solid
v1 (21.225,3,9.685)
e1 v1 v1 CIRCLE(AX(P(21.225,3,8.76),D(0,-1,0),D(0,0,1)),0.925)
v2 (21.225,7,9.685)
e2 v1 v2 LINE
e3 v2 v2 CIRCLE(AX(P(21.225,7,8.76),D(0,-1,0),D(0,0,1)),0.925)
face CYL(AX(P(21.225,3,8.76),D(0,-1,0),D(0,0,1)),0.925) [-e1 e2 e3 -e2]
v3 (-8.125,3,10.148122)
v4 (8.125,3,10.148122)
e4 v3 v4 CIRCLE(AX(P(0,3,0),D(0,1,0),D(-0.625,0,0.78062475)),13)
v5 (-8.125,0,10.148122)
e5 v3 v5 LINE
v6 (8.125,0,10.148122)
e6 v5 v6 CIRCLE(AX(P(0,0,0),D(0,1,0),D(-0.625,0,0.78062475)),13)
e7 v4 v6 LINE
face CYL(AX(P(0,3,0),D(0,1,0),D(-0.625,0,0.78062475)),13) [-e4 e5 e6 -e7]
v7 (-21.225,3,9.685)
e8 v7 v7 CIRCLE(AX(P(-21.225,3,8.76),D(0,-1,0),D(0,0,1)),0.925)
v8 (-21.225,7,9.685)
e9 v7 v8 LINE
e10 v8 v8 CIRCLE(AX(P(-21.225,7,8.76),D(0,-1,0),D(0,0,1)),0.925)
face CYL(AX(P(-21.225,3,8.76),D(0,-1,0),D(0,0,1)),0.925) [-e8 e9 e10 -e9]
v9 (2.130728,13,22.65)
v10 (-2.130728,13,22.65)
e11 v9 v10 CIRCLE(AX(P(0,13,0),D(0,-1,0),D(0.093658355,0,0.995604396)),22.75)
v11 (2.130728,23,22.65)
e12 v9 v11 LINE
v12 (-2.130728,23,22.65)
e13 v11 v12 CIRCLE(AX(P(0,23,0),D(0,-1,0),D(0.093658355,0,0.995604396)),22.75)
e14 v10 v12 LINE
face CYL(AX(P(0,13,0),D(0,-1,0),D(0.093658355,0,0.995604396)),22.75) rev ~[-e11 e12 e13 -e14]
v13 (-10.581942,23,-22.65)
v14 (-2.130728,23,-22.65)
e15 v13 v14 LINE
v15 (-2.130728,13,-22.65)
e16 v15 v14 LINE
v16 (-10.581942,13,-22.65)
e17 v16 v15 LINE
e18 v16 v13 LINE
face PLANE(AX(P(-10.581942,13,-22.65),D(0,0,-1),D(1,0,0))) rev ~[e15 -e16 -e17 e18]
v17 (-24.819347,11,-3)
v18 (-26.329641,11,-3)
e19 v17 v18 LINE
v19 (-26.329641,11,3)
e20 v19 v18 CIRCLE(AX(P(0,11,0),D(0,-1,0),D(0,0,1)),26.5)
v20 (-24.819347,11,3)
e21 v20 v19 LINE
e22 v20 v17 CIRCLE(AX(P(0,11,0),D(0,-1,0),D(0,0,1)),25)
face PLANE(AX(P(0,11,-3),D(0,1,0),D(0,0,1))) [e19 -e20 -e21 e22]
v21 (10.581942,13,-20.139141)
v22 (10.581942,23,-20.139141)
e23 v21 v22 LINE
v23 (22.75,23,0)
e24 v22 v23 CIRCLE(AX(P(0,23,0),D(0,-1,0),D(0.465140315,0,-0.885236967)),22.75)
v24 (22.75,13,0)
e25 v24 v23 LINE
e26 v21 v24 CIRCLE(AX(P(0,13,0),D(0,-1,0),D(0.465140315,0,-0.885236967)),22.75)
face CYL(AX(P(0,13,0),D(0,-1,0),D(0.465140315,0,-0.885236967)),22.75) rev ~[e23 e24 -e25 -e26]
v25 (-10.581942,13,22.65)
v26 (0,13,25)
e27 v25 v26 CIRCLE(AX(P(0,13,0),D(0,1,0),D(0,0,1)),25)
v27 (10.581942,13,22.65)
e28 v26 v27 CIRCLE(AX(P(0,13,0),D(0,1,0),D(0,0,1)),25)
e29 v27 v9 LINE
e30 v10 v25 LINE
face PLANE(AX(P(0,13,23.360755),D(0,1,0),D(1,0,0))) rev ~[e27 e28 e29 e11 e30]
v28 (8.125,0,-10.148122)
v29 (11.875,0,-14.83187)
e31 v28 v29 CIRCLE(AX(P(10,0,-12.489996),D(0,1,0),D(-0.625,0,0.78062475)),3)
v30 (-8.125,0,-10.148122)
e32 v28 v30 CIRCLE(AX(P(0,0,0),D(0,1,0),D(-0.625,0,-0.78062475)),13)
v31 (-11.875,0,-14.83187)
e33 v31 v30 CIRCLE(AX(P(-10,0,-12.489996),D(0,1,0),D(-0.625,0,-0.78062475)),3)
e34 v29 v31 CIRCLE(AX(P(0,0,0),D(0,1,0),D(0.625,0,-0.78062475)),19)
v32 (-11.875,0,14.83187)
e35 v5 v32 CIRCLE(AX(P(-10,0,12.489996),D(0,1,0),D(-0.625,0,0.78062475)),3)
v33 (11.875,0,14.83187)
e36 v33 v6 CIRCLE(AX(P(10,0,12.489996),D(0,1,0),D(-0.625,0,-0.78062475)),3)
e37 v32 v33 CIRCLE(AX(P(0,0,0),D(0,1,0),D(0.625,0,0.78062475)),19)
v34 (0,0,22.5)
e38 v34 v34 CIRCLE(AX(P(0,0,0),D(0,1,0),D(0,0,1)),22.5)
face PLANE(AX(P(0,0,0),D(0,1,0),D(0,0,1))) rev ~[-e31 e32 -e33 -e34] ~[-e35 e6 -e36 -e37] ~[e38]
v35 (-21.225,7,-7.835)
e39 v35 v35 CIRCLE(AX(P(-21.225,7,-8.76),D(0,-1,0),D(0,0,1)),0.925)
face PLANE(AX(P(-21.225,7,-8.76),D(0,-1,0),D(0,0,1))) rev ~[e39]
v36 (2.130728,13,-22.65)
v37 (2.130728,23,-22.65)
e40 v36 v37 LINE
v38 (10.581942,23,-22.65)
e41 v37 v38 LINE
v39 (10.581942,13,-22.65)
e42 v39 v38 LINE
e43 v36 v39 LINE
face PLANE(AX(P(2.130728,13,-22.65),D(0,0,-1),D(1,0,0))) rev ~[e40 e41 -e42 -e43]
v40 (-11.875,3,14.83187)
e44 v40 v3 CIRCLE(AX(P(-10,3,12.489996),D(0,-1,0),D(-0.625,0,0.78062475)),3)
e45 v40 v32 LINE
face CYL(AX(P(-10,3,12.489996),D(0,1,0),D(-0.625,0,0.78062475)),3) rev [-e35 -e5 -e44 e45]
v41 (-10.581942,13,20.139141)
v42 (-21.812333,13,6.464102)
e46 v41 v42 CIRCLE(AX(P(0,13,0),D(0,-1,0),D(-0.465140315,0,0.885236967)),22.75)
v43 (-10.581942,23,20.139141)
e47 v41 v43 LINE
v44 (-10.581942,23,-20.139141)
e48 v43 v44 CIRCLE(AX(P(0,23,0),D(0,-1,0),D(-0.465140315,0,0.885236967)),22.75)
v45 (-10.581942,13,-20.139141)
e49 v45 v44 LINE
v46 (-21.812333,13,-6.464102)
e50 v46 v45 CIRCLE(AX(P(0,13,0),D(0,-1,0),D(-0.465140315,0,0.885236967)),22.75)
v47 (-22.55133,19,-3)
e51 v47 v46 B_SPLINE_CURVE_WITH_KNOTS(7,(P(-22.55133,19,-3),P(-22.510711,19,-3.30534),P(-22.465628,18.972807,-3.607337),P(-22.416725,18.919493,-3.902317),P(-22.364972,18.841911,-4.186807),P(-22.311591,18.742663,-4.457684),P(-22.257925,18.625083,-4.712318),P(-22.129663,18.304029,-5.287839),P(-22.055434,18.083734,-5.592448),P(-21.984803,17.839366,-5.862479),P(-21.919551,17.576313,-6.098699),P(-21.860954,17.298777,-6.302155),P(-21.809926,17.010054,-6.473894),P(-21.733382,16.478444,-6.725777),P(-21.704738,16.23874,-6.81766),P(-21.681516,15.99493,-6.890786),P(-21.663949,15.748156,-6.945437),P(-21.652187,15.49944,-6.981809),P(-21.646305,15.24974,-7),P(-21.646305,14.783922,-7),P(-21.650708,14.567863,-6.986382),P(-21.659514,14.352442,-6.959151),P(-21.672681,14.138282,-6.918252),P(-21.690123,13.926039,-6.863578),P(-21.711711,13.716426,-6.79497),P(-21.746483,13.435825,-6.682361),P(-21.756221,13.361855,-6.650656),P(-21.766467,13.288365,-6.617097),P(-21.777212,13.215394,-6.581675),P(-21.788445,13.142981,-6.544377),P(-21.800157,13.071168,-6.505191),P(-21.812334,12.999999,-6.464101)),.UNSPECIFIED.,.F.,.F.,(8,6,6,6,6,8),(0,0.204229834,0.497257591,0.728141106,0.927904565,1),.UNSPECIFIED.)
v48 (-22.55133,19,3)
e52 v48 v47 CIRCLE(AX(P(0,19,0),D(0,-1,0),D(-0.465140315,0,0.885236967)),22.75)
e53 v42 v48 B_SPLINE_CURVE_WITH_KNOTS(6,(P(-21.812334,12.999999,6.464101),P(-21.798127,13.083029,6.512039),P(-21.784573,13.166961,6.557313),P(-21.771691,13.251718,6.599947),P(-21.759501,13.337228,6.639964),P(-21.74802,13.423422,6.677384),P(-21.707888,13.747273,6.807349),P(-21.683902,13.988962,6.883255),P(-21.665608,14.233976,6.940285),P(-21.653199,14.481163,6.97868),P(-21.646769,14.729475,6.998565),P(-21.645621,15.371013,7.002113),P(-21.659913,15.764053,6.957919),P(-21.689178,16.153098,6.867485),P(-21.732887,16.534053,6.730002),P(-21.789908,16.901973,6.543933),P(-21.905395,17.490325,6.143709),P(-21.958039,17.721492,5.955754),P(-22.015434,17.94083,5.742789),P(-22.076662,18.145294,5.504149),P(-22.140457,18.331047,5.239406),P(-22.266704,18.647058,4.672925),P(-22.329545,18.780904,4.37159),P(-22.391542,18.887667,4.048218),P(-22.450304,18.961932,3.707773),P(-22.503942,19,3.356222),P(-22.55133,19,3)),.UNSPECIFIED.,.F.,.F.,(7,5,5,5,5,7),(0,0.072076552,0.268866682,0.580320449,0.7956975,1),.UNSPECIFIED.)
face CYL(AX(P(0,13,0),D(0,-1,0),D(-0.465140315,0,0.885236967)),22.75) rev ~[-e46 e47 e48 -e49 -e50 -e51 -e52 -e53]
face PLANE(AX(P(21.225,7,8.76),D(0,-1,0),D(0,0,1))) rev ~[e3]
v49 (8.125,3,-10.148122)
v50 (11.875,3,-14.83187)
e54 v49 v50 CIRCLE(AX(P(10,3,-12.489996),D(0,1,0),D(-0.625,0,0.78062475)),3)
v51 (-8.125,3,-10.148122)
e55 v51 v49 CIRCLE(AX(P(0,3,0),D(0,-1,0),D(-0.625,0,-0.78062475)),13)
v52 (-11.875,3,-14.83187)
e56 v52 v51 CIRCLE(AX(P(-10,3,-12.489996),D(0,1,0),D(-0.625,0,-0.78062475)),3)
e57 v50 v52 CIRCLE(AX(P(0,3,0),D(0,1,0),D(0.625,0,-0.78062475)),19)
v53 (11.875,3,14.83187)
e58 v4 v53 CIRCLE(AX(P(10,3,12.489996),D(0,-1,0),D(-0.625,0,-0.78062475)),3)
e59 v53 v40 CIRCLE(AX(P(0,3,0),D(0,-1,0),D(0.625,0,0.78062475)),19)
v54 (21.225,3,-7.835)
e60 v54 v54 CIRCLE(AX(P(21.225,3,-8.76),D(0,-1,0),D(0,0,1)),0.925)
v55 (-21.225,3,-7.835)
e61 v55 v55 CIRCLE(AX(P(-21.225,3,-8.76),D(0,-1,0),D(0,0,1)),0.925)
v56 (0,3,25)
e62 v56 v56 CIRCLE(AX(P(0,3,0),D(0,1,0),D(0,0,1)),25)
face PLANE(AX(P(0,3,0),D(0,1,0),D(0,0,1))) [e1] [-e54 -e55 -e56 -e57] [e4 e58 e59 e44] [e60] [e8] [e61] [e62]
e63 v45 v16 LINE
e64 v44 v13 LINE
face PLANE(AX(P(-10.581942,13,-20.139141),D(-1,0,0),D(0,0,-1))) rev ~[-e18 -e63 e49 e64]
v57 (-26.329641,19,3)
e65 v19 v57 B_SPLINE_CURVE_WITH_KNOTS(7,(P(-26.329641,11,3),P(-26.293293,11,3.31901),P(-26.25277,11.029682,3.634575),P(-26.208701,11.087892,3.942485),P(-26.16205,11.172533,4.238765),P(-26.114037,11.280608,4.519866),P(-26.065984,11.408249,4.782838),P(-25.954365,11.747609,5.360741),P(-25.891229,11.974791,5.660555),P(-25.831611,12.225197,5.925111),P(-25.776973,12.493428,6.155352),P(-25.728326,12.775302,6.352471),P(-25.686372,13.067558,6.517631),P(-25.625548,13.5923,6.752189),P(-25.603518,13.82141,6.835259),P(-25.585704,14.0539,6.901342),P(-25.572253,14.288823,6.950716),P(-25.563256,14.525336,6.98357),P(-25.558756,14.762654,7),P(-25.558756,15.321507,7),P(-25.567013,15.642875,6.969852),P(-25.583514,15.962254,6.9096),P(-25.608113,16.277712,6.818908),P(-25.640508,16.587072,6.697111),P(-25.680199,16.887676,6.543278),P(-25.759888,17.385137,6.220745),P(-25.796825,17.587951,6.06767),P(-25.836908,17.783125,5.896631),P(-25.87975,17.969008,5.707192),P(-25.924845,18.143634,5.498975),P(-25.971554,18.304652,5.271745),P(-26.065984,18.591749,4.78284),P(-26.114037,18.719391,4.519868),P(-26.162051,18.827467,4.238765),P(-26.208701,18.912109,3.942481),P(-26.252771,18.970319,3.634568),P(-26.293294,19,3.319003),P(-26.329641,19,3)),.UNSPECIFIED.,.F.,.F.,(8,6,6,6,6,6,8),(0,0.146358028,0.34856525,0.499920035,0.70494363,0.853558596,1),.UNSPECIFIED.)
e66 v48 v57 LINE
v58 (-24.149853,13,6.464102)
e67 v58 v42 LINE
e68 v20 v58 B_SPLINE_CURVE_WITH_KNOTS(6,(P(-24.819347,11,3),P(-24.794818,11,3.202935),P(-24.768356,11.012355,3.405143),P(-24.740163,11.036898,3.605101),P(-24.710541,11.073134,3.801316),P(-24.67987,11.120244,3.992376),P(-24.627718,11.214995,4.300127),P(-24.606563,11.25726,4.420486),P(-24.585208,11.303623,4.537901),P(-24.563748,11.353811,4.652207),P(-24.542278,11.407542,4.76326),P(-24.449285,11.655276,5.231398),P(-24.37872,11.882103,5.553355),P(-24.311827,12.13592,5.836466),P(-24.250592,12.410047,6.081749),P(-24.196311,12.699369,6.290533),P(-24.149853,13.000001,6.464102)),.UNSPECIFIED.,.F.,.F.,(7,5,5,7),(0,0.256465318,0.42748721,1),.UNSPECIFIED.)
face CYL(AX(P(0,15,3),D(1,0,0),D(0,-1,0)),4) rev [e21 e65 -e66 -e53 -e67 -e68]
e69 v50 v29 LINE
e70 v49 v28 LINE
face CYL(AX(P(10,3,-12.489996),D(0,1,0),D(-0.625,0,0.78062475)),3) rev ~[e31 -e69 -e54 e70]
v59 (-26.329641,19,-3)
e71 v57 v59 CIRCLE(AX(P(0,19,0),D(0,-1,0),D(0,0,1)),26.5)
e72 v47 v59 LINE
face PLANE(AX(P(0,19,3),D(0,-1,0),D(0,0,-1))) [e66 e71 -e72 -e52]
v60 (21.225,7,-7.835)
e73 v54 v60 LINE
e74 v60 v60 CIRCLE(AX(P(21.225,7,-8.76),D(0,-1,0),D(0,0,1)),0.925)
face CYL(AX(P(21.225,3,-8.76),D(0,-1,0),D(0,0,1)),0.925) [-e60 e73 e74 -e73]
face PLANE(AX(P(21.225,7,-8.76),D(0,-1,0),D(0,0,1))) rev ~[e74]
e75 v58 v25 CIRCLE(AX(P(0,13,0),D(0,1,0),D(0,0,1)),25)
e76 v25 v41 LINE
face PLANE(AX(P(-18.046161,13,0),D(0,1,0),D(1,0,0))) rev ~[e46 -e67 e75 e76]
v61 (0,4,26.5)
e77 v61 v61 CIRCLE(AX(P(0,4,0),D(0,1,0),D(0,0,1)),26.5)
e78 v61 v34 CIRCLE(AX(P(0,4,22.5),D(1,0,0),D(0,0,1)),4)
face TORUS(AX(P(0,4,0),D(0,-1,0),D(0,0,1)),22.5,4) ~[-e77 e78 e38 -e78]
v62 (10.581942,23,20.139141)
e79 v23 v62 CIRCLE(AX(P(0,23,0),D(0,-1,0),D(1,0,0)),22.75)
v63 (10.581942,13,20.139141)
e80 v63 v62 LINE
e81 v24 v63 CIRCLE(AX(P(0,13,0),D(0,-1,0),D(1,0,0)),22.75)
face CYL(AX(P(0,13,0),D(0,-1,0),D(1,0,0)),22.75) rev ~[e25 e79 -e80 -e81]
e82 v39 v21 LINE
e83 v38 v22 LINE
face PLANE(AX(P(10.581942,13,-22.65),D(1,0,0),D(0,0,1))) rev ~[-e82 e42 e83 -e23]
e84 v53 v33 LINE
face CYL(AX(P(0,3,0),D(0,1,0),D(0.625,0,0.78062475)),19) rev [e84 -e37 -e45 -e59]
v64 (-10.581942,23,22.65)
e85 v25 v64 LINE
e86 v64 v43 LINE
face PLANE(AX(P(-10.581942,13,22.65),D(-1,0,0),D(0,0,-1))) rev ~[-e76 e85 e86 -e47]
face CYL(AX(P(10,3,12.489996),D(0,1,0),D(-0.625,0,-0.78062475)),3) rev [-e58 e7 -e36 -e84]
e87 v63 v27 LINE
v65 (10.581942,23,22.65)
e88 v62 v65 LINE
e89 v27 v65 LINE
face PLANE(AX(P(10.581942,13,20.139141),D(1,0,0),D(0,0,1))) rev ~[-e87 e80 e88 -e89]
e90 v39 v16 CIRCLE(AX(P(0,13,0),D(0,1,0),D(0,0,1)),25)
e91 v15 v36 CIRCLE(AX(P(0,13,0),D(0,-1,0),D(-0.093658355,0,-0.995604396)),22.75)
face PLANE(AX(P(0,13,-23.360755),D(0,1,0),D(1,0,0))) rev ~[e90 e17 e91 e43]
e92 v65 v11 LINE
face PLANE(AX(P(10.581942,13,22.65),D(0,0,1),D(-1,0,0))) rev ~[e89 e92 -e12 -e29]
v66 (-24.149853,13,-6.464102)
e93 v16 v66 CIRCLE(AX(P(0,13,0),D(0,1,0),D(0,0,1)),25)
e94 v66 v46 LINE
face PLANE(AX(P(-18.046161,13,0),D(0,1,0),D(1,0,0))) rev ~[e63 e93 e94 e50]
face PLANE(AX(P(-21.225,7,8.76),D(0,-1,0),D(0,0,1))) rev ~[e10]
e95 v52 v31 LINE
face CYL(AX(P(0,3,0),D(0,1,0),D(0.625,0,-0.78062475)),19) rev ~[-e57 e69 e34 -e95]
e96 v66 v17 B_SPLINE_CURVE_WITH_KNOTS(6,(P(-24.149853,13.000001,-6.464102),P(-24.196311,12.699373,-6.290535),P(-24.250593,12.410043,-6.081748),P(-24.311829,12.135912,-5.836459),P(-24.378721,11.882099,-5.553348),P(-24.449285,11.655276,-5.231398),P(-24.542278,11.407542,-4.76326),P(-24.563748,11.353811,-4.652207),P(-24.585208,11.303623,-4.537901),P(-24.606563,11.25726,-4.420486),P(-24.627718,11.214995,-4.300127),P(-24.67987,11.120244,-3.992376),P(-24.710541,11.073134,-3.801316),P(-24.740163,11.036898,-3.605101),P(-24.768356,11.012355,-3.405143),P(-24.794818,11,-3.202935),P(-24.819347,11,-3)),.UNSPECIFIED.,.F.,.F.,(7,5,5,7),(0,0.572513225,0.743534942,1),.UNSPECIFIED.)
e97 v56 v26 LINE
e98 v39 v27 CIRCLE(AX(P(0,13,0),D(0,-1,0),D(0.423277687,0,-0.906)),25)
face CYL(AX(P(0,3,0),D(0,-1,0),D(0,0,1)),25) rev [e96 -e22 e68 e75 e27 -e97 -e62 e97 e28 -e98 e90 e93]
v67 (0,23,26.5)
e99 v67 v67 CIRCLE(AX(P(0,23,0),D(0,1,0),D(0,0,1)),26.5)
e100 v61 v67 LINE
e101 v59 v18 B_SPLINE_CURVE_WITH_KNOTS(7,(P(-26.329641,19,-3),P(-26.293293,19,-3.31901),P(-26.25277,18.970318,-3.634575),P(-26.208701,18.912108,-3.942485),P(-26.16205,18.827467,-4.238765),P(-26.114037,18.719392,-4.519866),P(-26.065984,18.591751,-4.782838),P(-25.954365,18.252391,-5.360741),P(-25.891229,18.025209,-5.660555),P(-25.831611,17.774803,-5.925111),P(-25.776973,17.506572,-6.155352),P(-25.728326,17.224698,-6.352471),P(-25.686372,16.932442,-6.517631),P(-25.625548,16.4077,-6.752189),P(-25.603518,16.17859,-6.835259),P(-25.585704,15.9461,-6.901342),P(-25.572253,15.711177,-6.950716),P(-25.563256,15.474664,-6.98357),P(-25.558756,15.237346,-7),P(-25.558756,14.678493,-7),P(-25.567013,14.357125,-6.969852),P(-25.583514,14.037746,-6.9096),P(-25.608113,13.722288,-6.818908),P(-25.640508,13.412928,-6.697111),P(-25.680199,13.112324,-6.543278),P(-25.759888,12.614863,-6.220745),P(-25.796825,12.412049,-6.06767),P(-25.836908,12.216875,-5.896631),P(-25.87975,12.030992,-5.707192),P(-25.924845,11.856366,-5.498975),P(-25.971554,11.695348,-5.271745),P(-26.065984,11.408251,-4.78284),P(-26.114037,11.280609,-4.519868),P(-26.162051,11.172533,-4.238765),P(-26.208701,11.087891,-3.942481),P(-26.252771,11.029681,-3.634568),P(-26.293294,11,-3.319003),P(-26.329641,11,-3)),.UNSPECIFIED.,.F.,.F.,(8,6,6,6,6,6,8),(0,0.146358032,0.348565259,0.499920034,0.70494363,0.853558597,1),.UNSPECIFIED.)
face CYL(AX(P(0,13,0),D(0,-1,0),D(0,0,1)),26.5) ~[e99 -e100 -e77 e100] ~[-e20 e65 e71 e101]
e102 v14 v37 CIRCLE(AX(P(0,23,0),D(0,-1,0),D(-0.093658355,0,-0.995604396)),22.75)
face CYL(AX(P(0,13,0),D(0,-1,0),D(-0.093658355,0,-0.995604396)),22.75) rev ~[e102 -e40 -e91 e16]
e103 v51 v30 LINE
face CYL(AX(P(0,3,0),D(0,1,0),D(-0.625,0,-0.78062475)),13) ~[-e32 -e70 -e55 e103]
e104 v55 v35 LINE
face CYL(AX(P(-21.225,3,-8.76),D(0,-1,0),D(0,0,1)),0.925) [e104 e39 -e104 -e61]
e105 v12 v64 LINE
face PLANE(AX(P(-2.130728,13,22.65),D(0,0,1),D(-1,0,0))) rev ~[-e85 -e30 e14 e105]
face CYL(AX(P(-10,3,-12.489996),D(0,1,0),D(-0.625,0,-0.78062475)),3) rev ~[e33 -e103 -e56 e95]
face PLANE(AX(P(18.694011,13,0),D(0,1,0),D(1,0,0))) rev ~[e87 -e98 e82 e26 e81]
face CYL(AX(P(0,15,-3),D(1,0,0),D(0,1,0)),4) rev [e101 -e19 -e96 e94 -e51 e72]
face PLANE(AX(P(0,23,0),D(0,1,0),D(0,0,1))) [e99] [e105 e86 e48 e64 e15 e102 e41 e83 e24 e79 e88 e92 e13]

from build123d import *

# Parameters (mm, degrees)
SKETCH1_R           = 26.5
BOSS_EXTRUDE1_DEPTH = 3
BOSS_EXTRUDE2_START = 3
SKETCH1_3_R         = 26.5
SKETCH1_3_R_2       = 25
BOSS_EXTRUDE2_DEPTH = 10
CUT_EXTRUDE1_DEPTH  = 39.787884706
SKETCH3_R           = 26.5
SKETCH3_R_2         = 25
BOSS_EXTRUDE3_DEPTH = 10
SKETCH5_R           = 0.925
BOSS_EXTRUDE5_DEPTH = 4
FILLET1_R           = 4
CUT_EXTRUDE2_DEPTH  = 44


with BuildPart() as part:
    # Sketch1 → Boss-Extrude1 (new body)
    with BuildSketch(Plane(origin=(0, 0, 0), x_dir=(1, 0, 0), z_dir=(0, 1, 0))):
        with Locations(Location((0, 0, 0), (0, 0, 270))):
            Circle(SKETCH1_R)
    extrude(amount=BOSS_EXTRUDE1_DEPTH)

    # Sketch1<3> → Boss-Extrude2 (add)
    with BuildSketch(Plane(origin=(0, 0, 0), x_dir=(1, 0, 0), z_dir=(0, 1, 0)).offset(BOSS_EXTRUDE2_START)):
        with Locations(Location((0, 0, 0), (0, 0, 270))):
            Circle(SKETCH1_3_R)
        with Locations(Location((0, 0, 0), (0, 0, 270))):
            Circle(SKETCH1_3_R_2, mode=Mode.SUBTRACT)
    extrude(amount=BOSS_EXTRUDE2_DEPTH)

    # Sketch2 → Cut-Extrude1 (cut, through all)
    with BuildSketch(Plane(origin=(0, 3, 0), x_dir=(1, 0, 0), z_dir=(0, 1, 0))):
        with BuildLine():
            ThreePointArc((11.875, 14.831870246), (0, 19), (-11.875, 14.831870246))
            ThreePointArc((-11.875, 14.831870246), (-12.341874249, 10.614995997), (-8.125, 10.148121747))
            ThreePointArc((-8.125, 10.148121747), (0, 13), (8.125, 10.148121747))
            ThreePointArc((8.125, 10.148121747), (12.341874249, 10.614995997), (11.875, 14.831870246))
        make_face()
        with BuildLine():
            ThreePointArc((11.875, -14.831870246), (0, -19), (-11.875, -14.831870246))
            ThreePointArc((-11.875, -14.831870246), (-12.341874249, -10.614995997), (-8.125, -10.148121747))
            ThreePointArc((-8.125, -10.148121747), (0, -13), (8.125, -10.148121747))
            ThreePointArc((8.125, -10.148121747), (12.341874249, -10.614995997), (11.875, -14.831870246))
        make_face()
    extrude(amount=-CUT_EXTRUDE1_DEPTH, mode=Mode.SUBTRACT)

    # Sketch3 → Boss-Extrude3 (add)
    # profile 1 of 5: a face of its own
    with BuildSketch(Plane(origin=(0, 13, 0), x_dir=(1, 0, 0), z_dir=(0, 1, 0))):
        with Locations(Location((0, 0, 0), (0, 0, 270))):
            Circle(SKETCH3_R)
        with Locations(Location((0, 0, 0), (0, 0, 115.041695193))):
            Circle(SKETCH3_R_2, mode=Mode.SUBTRACT)
    # profile 2 of 5: a face of its own
    with BuildSketch(Plane(origin=(0, 13, 0), x_dir=(1, 0, 0), z_dir=(0, 1, 0))):
        with BuildLine():
            ThreePointArc((-10.581942166, 22.65), (-25, 0), (-10.581942166, -22.65))
            Line((-10.581942166, -22.65), (-10.581942166, -20.139140995))
            ThreePointArc((-10.581942166, -20.139140995), (-22.75, 0), (-10.581942166, 20.139140995))
            Line((-10.581942166, 20.139140995), (-10.581942166, 22.65))
        make_face()
    # profile 3 of 5: a face of its own
    with BuildSketch(Plane(origin=(0, 13, 0), x_dir=(1, 0, 0), z_dir=(0, 1, 0))):
        with BuildLine():
            ThreePointArc((10.581942166, 22.65), (0, 25), (-10.581942166, 22.65))
            Line((-10.581942166, 22.65), (-2.130727575, 22.65))
            ThreePointArc((-2.130727575, 22.65), (0, 22.75), (2.130727575, 22.65))
            Line((2.130727575, 22.65), (10.581942166, 22.65))
        make_face()
    # profile 4 of 5: a face of its own
    with BuildSketch(Plane(origin=(0, 13, 0), x_dir=(1, 0, 0), z_dir=(0, 1, 0))):
        with BuildLine():
            Line((10.581942166, -20.139140995), (10.581942166, -22.65))
            ThreePointArc((10.581942166, -22.65), (21.089672285, -13.424817426), (25, 0))
            ThreePointArc((25, 0), (21.089672285, 13.424817426), (10.581942166, 22.65))
            Line((10.581942166, 22.65), (10.581942166, 20.139140995))
            ThreePointArc((10.581942166, 20.139140995), (19.471796069, 11.7648484), (22.75, 0))
            ThreePointArc((22.75, 0), (19.471796069, -11.7648484), (10.581942166, -20.139140995))
        make_face()
    # profile 5 of 5: a face of its own
    with BuildSketch(Plane(origin=(0, 13, 0), x_dir=(1, 0, 0), z_dir=(0, 1, 0))):
        with BuildLine():
            Line((-2.130727575, -22.65), (-10.581942166, -22.65))
            ThreePointArc((-10.581942166, -22.65), (0, -25), (10.581942166, -22.65))
            Line((10.581942166, -22.65), (2.130727575, -22.65))
            ThreePointArc((2.130727575, -22.65), (0, -22.75), (-2.130727575, -22.65))
        make_face()
    extrude(amount=BOSS_EXTRUDE3_DEPTH)

    # Sketch5 → Boss-Extrude5 (add)
    with BuildSketch(Plane(origin=(0, 3, -3), x_dir=(1, 0, 0), z_dir=(0, -1, 0))):
        with Locations(Location((-21.225, 11.76, 0), (0, 0, 90))):
            Circle(SKETCH5_R)
        with Locations(Location((21.225, 11.76, 0), (0, 0, 90))):
            Circle(SKETCH5_R)
        with Locations(Location((-21.225, -5.76, 0), (0, 0, 90))):
            Circle(SKETCH5_R)
        with Locations(Location((21.225, -5.76, 0), (0, 0, 90))):
            Circle(SKETCH5_R)
    extrude(amount=-BOSS_EXTRUDE5_DEPTH)

    # Fillet1
    fillet1_edges = [part.edges().sort_by_distance(p)[0] for p in [
        (0, 0, -26.5),
    ]]
    fillet(fillet1_edges, radius=FILLET1_R)

    # Sketch6 → Cut-Extrude2 (cut)
    with BuildSketch(Plane(origin=(0, 0, 0), x_dir=(0, 0, -1), z_dir=(1, 0, 0))):
        with BuildLine():
            Line((-3, 19), (3, 19))
            ThreePointArc((3, 19), (7, 15), (3, 11))
            Line((3, 11), (-3, 11))
            ThreePointArc((-3, 11), (-7, 15), (-3, 19))
        make_face()
    extrude(amount=-CUT_EXTRUDE2_DEPTH, mode=Mode.SUBTRACT)


solid = part.part
